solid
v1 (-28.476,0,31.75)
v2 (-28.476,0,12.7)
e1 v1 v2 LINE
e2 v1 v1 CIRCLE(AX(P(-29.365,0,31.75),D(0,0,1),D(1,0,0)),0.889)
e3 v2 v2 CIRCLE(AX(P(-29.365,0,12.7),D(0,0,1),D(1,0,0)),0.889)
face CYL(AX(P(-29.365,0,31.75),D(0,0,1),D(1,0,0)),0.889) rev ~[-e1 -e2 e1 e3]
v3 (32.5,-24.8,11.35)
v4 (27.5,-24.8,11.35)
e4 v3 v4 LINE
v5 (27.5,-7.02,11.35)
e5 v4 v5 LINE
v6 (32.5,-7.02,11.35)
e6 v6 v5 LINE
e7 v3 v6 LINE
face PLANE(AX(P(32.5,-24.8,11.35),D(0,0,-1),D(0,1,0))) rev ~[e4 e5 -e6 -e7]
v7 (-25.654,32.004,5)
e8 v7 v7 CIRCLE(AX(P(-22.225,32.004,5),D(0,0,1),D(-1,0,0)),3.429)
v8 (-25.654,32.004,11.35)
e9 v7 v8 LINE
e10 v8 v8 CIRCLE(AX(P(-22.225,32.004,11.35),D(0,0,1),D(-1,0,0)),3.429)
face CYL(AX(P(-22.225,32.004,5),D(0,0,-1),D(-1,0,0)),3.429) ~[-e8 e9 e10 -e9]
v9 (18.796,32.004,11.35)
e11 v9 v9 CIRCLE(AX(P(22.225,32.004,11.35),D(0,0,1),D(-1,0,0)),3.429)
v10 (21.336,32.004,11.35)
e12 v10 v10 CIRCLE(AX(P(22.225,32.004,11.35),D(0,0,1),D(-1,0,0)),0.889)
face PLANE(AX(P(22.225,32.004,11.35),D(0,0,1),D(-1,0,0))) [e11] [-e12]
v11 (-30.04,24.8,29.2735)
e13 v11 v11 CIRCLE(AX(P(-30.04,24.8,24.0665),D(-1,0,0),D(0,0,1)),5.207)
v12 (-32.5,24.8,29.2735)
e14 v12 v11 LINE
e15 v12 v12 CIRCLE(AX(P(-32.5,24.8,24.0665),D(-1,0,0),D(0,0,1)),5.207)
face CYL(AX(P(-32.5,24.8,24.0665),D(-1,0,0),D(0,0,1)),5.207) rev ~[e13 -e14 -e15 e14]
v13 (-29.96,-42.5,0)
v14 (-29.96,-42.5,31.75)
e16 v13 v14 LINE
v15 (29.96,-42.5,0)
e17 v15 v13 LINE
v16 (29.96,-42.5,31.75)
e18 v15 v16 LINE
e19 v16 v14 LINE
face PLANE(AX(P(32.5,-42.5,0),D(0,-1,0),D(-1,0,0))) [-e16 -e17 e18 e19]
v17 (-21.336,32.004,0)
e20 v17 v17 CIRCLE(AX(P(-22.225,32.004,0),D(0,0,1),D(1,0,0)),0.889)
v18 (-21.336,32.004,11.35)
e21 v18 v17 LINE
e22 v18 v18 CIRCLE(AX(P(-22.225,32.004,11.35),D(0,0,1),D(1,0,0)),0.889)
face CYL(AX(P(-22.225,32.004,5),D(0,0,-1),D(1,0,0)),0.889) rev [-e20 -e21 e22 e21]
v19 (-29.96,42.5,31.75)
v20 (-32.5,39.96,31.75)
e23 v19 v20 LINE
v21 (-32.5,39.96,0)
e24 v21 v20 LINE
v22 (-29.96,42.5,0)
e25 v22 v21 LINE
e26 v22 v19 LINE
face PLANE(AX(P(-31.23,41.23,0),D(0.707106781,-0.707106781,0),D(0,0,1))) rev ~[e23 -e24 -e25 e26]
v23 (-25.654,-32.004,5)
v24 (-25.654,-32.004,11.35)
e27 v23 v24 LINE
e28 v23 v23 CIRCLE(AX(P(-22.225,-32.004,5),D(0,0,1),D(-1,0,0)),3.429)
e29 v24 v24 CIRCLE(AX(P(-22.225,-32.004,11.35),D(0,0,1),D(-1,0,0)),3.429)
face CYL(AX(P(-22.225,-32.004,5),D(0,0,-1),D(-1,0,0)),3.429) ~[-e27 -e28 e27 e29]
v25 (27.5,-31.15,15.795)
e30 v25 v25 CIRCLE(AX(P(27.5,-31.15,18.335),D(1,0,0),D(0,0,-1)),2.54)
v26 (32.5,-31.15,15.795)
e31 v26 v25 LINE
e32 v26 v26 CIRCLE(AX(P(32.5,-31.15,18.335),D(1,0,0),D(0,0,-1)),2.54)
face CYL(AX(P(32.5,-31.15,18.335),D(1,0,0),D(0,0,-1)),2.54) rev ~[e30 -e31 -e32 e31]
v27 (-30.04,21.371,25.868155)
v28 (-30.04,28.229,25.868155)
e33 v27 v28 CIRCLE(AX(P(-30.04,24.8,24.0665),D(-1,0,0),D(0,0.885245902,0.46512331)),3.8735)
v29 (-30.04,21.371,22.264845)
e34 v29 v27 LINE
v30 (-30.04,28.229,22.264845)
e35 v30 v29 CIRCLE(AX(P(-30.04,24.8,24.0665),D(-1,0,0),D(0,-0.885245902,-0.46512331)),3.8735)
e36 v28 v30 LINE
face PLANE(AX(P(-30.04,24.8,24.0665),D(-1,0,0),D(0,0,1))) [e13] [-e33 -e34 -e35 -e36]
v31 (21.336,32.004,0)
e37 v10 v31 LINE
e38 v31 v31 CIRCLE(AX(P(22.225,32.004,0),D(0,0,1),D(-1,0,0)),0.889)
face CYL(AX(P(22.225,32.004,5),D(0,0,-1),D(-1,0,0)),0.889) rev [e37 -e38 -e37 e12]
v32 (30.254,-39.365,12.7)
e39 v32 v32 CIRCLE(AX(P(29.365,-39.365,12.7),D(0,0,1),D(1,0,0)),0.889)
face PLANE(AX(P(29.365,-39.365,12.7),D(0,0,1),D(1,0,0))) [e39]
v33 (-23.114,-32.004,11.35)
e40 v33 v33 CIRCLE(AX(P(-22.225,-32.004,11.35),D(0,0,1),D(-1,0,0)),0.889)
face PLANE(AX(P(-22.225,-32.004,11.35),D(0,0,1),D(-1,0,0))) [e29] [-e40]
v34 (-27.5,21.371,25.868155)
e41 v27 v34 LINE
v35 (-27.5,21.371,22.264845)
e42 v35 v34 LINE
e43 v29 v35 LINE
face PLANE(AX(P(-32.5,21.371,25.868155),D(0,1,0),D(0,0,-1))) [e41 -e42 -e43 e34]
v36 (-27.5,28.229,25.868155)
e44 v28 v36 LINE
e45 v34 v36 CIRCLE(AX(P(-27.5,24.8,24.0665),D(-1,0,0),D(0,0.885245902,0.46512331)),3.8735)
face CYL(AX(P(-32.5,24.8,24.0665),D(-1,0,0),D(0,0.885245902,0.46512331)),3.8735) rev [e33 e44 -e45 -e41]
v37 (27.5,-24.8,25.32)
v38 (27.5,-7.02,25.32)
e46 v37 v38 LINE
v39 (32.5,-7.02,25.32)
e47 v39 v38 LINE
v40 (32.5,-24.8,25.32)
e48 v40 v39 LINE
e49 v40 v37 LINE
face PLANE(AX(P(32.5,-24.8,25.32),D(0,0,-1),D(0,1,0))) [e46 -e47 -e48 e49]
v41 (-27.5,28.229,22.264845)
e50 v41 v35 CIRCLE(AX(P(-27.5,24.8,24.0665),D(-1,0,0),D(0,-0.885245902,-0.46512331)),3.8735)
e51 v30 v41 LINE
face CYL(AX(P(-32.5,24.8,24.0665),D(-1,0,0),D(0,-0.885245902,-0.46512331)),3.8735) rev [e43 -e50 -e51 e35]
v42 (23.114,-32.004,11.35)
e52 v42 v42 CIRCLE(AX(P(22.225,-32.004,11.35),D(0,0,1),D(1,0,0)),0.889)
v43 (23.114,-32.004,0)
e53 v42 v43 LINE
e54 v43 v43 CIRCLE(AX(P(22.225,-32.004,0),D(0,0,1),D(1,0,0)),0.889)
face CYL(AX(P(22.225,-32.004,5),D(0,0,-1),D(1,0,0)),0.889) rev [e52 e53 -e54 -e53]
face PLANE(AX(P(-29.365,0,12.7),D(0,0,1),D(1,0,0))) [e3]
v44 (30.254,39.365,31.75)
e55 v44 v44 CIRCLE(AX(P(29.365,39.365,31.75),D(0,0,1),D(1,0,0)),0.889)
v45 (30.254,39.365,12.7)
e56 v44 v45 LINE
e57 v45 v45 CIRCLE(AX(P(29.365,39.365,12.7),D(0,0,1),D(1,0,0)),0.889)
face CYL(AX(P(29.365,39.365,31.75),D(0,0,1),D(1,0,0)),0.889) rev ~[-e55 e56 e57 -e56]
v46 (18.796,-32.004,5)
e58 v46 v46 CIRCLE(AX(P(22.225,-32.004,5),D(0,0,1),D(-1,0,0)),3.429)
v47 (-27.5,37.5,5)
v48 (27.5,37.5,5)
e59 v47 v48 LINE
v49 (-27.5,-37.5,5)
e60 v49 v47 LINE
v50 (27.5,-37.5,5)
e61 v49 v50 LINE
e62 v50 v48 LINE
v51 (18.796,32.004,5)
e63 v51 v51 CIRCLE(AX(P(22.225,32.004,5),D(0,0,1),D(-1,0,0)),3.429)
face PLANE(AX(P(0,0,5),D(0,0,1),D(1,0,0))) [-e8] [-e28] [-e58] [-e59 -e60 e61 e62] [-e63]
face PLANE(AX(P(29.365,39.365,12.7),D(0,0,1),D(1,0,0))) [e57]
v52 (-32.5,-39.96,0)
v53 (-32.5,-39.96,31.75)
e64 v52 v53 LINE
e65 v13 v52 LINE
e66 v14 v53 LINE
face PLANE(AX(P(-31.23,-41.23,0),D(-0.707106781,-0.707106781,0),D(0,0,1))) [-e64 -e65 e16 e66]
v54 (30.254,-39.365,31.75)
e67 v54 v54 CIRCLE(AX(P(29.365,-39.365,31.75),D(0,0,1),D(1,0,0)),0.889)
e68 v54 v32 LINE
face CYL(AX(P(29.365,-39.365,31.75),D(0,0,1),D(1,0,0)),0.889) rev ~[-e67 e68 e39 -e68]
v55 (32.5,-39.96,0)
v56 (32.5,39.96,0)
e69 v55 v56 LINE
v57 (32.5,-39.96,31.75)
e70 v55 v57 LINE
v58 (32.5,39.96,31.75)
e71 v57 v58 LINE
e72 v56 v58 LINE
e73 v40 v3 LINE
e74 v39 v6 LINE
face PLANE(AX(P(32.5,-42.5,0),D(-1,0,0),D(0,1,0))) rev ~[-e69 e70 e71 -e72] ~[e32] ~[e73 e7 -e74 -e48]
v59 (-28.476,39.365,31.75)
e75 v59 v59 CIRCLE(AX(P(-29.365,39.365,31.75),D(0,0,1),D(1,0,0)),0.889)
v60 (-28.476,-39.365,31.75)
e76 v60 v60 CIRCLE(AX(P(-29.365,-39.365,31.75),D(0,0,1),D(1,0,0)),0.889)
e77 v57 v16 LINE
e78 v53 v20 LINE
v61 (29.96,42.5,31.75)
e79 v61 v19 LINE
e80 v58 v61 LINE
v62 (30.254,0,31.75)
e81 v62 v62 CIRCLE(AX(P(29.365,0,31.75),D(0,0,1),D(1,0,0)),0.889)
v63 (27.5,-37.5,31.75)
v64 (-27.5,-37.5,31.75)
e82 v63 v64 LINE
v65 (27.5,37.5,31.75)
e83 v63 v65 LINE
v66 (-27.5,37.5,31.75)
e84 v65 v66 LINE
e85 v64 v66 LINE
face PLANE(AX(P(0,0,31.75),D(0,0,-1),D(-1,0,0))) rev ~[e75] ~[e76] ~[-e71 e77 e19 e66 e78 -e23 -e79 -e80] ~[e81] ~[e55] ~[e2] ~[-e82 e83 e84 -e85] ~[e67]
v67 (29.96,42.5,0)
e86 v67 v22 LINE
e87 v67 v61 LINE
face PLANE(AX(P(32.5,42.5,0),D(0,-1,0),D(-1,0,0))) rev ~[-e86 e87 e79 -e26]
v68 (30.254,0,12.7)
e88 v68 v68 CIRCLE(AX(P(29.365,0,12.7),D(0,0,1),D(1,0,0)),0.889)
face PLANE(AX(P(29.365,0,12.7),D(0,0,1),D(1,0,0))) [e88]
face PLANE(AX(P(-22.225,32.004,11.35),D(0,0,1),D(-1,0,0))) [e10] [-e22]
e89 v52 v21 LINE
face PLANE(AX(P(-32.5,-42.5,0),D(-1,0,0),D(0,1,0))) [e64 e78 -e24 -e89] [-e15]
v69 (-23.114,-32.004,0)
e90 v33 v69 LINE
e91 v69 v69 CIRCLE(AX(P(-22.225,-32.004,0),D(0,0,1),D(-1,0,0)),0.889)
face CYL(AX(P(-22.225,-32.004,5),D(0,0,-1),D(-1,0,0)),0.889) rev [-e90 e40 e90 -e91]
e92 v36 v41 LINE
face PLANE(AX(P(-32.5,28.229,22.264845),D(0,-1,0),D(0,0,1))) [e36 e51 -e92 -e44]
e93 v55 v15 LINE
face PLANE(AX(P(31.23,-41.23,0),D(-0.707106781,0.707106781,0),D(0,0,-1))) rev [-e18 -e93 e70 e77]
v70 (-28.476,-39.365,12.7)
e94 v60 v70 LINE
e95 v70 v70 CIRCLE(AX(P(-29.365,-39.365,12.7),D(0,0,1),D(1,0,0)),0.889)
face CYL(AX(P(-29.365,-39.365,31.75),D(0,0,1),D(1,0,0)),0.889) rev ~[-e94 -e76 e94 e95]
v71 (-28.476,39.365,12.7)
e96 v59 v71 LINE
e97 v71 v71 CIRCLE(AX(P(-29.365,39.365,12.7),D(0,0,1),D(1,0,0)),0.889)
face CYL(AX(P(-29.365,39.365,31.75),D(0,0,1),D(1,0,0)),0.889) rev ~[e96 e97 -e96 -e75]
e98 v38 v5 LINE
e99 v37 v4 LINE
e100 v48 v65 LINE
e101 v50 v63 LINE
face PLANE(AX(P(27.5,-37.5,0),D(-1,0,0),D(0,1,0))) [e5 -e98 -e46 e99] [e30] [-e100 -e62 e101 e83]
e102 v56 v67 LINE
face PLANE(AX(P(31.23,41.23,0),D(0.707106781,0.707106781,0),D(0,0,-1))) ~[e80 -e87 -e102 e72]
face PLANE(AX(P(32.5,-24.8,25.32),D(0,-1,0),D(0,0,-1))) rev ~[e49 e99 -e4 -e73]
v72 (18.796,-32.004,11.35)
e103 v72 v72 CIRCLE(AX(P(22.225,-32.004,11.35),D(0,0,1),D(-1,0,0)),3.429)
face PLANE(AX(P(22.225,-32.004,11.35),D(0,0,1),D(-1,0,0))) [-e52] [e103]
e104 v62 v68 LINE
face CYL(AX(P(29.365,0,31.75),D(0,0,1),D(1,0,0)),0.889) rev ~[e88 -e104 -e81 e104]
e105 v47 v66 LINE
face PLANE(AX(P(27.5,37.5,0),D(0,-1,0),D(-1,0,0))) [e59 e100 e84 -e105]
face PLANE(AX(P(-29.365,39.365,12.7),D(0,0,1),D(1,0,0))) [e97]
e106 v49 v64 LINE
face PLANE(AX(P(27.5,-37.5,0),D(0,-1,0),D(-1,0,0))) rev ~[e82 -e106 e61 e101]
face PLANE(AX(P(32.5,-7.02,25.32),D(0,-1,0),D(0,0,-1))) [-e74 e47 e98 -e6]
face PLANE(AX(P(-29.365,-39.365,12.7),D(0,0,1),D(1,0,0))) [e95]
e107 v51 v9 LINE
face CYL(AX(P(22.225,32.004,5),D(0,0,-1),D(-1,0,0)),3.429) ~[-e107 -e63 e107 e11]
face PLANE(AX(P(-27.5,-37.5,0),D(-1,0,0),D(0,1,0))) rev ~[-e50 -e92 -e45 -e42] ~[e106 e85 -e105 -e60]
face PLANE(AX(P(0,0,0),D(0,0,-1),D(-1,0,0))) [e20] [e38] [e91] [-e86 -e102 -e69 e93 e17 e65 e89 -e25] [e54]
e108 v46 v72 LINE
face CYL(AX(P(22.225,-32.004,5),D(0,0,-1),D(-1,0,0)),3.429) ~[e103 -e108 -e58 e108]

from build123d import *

# Parameters (mm, degrees)
SKETCH1_W           = 55
SKETCH1_H           = 75
SKETCH1_R           = 0.889
BOSS_EXTRUDE1_DEPTH = 5
SKETCH2_W           = 65
SKETCH2_H           = 85
SKETCH2_W_2         = 55
SKETCH2_H_2         = 75
BOSS_EXTRUDE2_DEPTH = 31.75
CUT_EXTRUDE1_REACH  = 85.901
SKETCH4_R           = 5.207
CUT_EXTRUDE2_DEPTH  = 2.46
CHAMFER1_SIZE       = 2.54
SKETCH5_R           = 0.889
CUT_EXTRUDE3_DEPTH  = 19.05
SKETCH6_R           = 3.429
SKETCH6_R_2         = 0.889
BOSS_EXTRUDE3_DEPTH = 6.35
CUT_EXTRUDE4_REACH  = 85.901
SKETCH7_W           = 13.97
SKETCH7_H           = 17.78
CUT_EXTRUDE5_REACH  = 85.901
SKETCH8_R           = 2.54


with BuildPart() as part:
    # Sketch1 → Boss-Extrude1 (new body)
    with BuildSketch(Plane.XY):
        Rectangle(SKETCH1_W, SKETCH1_H)
        with Locations((-22.225, 32.004)):
            Circle(SKETCH1_R, mode=Mode.SUBTRACT)
        with Locations(Location((-22.225, -32.004, 0), (0, 0, 180))):
            Circle(SKETCH1_R, mode=Mode.SUBTRACT)
        with Locations((22.225, -32.004)):
            Circle(SKETCH1_R, mode=Mode.SUBTRACT)
        with Locations(Location((22.225, 32.004, 0), (0, 0, 180))):
            Circle(SKETCH1_R, mode=Mode.SUBTRACT)
    extrude(amount=BOSS_EXTRUDE1_DEPTH)

    # Sketch2 → Boss-Extrude2 (add)
    with BuildSketch(Plane(origin=(0, 0, 0), x_dir=(-1, 0, 0), z_dir=(0, 0, -1))):
        Rectangle(SKETCH2_W, SKETCH2_H)
        Rectangle(SKETCH2_W_2, SKETCH2_H_2, mode=Mode.SUBTRACT)
    extrude(amount=-BOSS_EXTRUDE2_DEPTH)

    # Sketch3 → Cut-Extrude1 (cut, up to next)
    with BuildSketch(Plane.ZY.offset(32.5), mode=Mode.PRIVATE) as cut_extrude1_sk1:
        with BuildLine():
            Line((25.868155142, 21.371), (22.264844858, 21.371))
            ThreePointArc((22.264844858, 21.371), (20.193, 24.8), (22.264844858, 28.229))
            Line((22.264844858, 28.229), (25.868155142, 28.229))
            ThreePointArc((25.868155142, 28.229), (27.94, 24.8), (25.868155142, 21.371))
        make_face()
    cut_extrude1_tool1 = extrude(cut_extrude1_sk1.sketch, amount=-CUT_EXTRUDE1_REACH, mode=Mode.PRIVATE) & part.part
    add(cut_extrude1_tool1.solids().sort_by_distance((-32.5, 24.8, 24.0665))[0], mode=Mode.SUBTRACT)

    # Sketch4 → Cut-Extrude2 (cut)
    with BuildSketch(Plane.ZY.offset(32.5)):
        with Locations((24.0665, 24.8)):
            Circle(SKETCH4_R)
    extrude(amount=-CUT_EXTRUDE2_DEPTH, mode=Mode.SUBTRACT)

    # Chamfer1
    chamfer1_edges = [part.edges().sort_by_distance(p)[0] for p in [
        (32.5, 42.5, 15.875),
        (-32.5, 42.5, 15.875),
        (-32.5, -42.5, 15.875),
        (32.5, -42.5, 15.875),
    ]]
    chamfer(chamfer1_edges, length=CHAMFER1_SIZE)

    # Sketch5 → Cut-Extrude3 (cut)
    with BuildSketch(Plane.XY.offset(31.75)):
        with Locations((29.365, 39.365)):
            Circle(SKETCH5_R)
        with Locations((29.365, -39.365)):
            Circle(SKETCH5_R)
        with Locations((-29.365, -39.365)):
            Circle(SKETCH5_R)
        with Locations((-29.365, 39.365)):
            Circle(SKETCH5_R)
        with Locations((29.365, 0)):
            Circle(SKETCH5_R)
        with Locations((-29.365, 0)):
            Circle(SKETCH5_R)
    extrude(amount=-CUT_EXTRUDE3_DEPTH, mode=Mode.SUBTRACT)

    # Sketch6 → Boss-Extrude3 (add)
    # profile 1 of 4: a face of its own
    with BuildSketch(Plane.XY.offset(5)):
        with Locations(Location((-22.225, 32.004, 0), (0, 0, 180))):
            Circle(SKETCH6_R)
        with Locations((-22.225, 32.004)):
            Circle(SKETCH6_R_2, mode=Mode.SUBTRACT)
    # profile 2 of 4: a face of its own
    with BuildSketch(Plane.XY.offset(5)):
        with Locations(Location((-22.225, -32.004, 0), (0, 0, 180))):
            Circle(SKETCH6_R)
        with Locations(Location((-22.225, -32.004, 0), (0, 0, 180))):
            Circle(SKETCH6_R_2, mode=Mode.SUBTRACT)
    # profile 3 of 4: a face of its own
    with BuildSketch(Plane.XY.offset(5)):
        with Locations(Location((22.225, -32.004, 0), (0, 0, 180))):
            Circle(SKETCH6_R)
        with Locations((22.225, -32.004)):
            Circle(SKETCH6_R_2, mode=Mode.SUBTRACT)
    # profile 4 of 4: a face of its own
    with BuildSketch(Plane.XY.offset(5)):
        with Locations(Location((22.225, 32.004, 0), (0, 0, 180))):
            Circle(SKETCH6_R)
        with Locations(Location((22.225, 32.004, 0), (0, 0, 180))):
            Circle(SKETCH6_R_2, mode=Mode.SUBTRACT)
    extrude(amount=BOSS_EXTRUDE3_DEPTH)

    # Sketch7 → Cut-Extrude4 (cut, up to next)
    with BuildSketch(Plane(origin=(32.5, 0, 0), x_dir=(0, 0, -1), z_dir=(1, 0, 0)), mode=Mode.PRIVATE) as cut_extrude4_sk1:
        with Locations((-18.335, -15.91)):
            Rectangle(SKETCH7_W, SKETCH7_H)
    cut_extrude4_tool1 = extrude(cut_extrude4_sk1.sketch, amount=-CUT_EXTRUDE4_REACH, mode=Mode.PRIVATE) & part.part
    add(cut_extrude4_tool1.solids().sort_by_distance((32.5, -15.91, 18.335))[0], mode=Mode.SUBTRACT)

    # Sketch8 → Cut-Extrude5 (cut, up to next)
    with BuildSketch(Plane(origin=(32.5, 0, 0), x_dir=(0, 0, -1), z_dir=(1, 0, 0)), mode=Mode.PRIVATE) as cut_extrude5_sk1:
        with Locations((-18.335, -31.15)):
            Circle(SKETCH8_R)
    cut_extrude5_tool1 = extrude(cut_extrude5_sk1.sketch, amount=-CUT_EXTRUDE5_REACH, mode=Mode.PRIVATE) & part.part
    add(cut_extrude5_tool1.solids().sort_by_distance((32.5, -31.15, 18.335))[0], mode=Mode.SUBTRACT)


solid = part.part
